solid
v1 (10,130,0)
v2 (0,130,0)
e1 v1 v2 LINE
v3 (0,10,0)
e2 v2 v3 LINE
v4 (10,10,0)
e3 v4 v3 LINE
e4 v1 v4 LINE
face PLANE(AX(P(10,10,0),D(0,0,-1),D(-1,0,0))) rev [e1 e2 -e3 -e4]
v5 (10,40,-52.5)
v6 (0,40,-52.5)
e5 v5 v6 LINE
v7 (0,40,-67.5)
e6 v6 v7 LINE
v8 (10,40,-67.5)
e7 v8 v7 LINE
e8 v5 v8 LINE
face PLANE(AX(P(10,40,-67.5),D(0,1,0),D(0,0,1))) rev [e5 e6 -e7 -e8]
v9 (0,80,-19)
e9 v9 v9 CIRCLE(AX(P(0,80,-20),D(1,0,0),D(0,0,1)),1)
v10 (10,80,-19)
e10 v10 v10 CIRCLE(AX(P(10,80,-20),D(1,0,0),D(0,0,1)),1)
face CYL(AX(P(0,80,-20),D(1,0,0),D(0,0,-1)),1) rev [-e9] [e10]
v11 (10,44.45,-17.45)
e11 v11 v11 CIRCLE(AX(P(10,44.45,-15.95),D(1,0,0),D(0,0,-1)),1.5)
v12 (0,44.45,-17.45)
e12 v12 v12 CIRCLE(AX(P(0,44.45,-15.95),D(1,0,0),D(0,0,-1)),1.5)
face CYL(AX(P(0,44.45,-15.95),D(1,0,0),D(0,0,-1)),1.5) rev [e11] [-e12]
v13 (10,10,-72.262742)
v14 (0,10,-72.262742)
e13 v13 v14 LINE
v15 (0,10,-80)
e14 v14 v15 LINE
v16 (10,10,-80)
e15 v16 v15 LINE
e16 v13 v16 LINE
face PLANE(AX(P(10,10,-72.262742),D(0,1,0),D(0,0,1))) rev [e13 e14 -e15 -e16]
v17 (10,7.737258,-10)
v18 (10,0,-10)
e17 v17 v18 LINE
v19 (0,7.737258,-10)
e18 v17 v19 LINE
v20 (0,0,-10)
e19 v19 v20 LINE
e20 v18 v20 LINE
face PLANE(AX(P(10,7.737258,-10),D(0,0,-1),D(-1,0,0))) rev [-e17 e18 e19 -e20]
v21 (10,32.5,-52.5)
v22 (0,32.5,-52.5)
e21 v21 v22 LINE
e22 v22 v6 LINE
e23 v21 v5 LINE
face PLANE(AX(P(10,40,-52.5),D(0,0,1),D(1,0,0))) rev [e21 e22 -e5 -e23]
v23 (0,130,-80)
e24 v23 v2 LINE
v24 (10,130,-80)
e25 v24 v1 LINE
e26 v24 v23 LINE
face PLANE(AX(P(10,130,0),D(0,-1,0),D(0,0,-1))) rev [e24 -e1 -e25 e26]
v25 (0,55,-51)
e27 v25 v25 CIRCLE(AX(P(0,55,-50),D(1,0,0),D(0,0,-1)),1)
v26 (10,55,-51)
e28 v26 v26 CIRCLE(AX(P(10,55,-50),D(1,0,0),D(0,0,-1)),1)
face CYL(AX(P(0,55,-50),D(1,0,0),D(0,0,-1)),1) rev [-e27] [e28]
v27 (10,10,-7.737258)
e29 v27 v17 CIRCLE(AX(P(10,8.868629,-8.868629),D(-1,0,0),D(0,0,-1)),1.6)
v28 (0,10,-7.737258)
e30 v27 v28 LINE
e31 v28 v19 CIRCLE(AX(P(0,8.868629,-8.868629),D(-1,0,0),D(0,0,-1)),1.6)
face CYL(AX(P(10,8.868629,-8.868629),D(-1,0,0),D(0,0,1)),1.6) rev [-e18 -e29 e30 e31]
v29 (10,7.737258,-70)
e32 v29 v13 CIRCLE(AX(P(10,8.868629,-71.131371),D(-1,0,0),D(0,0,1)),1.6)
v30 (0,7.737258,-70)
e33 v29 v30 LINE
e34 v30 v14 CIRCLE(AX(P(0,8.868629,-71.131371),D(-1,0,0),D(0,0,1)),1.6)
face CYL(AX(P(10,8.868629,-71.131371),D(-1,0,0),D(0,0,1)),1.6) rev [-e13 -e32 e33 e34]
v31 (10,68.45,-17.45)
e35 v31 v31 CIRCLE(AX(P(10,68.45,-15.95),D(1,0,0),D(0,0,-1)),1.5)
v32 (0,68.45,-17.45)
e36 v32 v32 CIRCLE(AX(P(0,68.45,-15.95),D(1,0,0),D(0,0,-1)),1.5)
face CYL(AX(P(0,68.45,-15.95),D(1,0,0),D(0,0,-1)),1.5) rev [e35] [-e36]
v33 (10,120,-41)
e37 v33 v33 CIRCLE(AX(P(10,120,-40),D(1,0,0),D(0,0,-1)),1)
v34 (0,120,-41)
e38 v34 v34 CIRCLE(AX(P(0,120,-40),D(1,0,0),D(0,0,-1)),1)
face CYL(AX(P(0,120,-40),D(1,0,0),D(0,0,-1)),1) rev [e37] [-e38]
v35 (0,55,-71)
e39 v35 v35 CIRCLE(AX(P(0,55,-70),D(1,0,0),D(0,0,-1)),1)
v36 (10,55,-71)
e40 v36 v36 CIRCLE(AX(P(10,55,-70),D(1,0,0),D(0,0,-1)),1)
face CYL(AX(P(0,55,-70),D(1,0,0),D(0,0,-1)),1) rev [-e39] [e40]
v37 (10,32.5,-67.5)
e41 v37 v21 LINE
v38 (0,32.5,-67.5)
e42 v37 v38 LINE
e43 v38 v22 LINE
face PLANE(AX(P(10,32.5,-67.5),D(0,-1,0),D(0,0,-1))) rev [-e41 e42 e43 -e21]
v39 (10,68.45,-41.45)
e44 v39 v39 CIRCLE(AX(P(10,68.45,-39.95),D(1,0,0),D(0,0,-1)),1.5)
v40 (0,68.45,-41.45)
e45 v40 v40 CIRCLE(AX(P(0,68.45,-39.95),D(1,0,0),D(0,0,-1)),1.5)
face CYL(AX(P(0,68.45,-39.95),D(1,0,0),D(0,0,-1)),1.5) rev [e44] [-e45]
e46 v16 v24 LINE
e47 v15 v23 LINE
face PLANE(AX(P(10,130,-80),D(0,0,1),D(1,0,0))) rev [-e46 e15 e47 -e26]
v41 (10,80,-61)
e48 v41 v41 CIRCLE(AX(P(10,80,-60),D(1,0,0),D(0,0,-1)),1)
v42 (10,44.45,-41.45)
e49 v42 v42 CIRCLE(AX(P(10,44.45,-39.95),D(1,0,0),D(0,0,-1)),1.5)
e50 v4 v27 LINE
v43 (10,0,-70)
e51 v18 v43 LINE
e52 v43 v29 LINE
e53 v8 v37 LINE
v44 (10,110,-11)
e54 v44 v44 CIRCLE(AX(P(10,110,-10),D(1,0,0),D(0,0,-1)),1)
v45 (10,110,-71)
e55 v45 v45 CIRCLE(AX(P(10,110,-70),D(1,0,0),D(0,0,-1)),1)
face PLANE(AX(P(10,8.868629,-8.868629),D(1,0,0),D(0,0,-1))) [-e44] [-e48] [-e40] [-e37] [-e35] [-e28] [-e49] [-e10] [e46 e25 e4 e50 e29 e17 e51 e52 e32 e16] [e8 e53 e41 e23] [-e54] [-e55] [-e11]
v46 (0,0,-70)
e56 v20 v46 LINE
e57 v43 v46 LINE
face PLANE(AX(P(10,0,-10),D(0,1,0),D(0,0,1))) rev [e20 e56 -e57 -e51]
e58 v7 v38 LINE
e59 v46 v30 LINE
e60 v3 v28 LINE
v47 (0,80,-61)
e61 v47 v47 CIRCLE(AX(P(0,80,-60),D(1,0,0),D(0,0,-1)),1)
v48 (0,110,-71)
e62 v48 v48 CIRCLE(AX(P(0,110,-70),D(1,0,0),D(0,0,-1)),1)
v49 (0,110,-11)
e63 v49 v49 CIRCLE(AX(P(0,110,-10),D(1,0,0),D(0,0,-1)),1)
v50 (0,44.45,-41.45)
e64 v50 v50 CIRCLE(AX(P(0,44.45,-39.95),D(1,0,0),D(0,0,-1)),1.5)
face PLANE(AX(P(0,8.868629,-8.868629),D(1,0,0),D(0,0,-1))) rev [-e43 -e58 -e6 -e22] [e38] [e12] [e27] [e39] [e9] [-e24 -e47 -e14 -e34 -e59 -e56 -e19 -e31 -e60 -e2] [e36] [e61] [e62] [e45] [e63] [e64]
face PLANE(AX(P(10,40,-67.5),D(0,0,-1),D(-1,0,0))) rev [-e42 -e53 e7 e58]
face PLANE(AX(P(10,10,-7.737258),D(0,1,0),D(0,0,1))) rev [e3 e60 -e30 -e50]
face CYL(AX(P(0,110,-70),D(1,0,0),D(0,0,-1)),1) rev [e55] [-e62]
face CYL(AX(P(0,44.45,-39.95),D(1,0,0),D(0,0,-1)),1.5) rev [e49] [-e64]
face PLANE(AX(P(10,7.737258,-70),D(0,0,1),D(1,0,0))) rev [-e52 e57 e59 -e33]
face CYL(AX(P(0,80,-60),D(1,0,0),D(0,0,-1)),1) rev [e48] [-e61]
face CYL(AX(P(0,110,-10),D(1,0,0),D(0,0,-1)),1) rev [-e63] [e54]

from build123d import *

# Parameters (mm, degrees)
EXTRUSION1_DEPTH        = 10
ESQUISSE2_R             = 1
ESQUISSE2_R_2           = 1.5
ENL_V_MAT_EXTRU_1_DEPTH = 11
ESQUISSE3_W             = 15
ESQUISSE3_H             = 7.5
ENL_V_MAT_EXTRU_2_DEPTH = 11


with BuildPart() as part:
    # Esquisse1 → Extrusion1 (new body)
    with BuildSketch(Plane(origin=(0, 0, 0), x_dir=(0, 0, -1), z_dir=(1, 0, 0))):
        with BuildLine():
            Line((10, 7.7372583), (10, 0))
            Line((10, 0), (70, 0))
            Line((70, 0), (70, 7.7372583))
            ThreePointArc((70, 7.7372583), (70, 10), (72.2627417, 10))
            Line((72.2627417, 10), (80, 10))
            Line((80, 10), (80, 130))
            Line((80, 130), (0, 130))
            Line((0, 130), (0, 10))
            Line((0, 10), (7.7372583, 10))
            ThreePointArc((7.7372583, 10), (10, 10), (10, 7.7372583))
        make_face()
    extrude(amount=EXTRUSION1_DEPTH)

    # Esquisse2 → Enlèv. mat.-Extru.1 (cut, through all)
    with BuildSketch(Plane(origin=(10, 0, 0), x_dir=(0, 0, -1), z_dir=(1, 0, 0))):
        with Locations((60, 80)):
            Circle(ESQUISSE2_R)
        with Locations((10, 110)):
            Circle(ESQUISSE2_R)
        with Locations(Location((20, 80, 0), (0, 0, 180))):  # turned: the seam where the file's is
            Circle(ESQUISSE2_R)
        with Locations((70, 110)):
            Circle(ESQUISSE2_R)
        with Locations((15.95, 68.45)):
            Circle(ESQUISSE2_R_2)
        with Locations((15.95, 44.45)):
            Circle(ESQUISSE2_R_2)
        with Locations((39.95, 44.45)):
            Circle(ESQUISSE2_R_2)
        with Locations((39.95, 68.45)):
            Circle(ESQUISSE2_R_2)
        with Locations((40, 120)):
            Circle(ESQUISSE2_R)
        with Locations((70, 55)):
            Circle(ESQUISSE2_R)
        with Locations((50, 55)):
            Circle(ESQUISSE2_R)
    extrude(amount=-ENL_V_MAT_EXTRU_1_DEPTH, mode=Mode.SUBTRACT)

    # Esquisse3 → Enlèv. mat.-Extru.2 (cut, through all)
    with BuildSketch(Plane.ZY):
        with Locations((-60, 36.25)):
            Rectangle(ESQUISSE3_W, ESQUISSE3_H)
    extrude(amount=-ENL_V_MAT_EXTRU_2_DEPTH, mode=Mode.SUBTRACT)


solid = part.part
